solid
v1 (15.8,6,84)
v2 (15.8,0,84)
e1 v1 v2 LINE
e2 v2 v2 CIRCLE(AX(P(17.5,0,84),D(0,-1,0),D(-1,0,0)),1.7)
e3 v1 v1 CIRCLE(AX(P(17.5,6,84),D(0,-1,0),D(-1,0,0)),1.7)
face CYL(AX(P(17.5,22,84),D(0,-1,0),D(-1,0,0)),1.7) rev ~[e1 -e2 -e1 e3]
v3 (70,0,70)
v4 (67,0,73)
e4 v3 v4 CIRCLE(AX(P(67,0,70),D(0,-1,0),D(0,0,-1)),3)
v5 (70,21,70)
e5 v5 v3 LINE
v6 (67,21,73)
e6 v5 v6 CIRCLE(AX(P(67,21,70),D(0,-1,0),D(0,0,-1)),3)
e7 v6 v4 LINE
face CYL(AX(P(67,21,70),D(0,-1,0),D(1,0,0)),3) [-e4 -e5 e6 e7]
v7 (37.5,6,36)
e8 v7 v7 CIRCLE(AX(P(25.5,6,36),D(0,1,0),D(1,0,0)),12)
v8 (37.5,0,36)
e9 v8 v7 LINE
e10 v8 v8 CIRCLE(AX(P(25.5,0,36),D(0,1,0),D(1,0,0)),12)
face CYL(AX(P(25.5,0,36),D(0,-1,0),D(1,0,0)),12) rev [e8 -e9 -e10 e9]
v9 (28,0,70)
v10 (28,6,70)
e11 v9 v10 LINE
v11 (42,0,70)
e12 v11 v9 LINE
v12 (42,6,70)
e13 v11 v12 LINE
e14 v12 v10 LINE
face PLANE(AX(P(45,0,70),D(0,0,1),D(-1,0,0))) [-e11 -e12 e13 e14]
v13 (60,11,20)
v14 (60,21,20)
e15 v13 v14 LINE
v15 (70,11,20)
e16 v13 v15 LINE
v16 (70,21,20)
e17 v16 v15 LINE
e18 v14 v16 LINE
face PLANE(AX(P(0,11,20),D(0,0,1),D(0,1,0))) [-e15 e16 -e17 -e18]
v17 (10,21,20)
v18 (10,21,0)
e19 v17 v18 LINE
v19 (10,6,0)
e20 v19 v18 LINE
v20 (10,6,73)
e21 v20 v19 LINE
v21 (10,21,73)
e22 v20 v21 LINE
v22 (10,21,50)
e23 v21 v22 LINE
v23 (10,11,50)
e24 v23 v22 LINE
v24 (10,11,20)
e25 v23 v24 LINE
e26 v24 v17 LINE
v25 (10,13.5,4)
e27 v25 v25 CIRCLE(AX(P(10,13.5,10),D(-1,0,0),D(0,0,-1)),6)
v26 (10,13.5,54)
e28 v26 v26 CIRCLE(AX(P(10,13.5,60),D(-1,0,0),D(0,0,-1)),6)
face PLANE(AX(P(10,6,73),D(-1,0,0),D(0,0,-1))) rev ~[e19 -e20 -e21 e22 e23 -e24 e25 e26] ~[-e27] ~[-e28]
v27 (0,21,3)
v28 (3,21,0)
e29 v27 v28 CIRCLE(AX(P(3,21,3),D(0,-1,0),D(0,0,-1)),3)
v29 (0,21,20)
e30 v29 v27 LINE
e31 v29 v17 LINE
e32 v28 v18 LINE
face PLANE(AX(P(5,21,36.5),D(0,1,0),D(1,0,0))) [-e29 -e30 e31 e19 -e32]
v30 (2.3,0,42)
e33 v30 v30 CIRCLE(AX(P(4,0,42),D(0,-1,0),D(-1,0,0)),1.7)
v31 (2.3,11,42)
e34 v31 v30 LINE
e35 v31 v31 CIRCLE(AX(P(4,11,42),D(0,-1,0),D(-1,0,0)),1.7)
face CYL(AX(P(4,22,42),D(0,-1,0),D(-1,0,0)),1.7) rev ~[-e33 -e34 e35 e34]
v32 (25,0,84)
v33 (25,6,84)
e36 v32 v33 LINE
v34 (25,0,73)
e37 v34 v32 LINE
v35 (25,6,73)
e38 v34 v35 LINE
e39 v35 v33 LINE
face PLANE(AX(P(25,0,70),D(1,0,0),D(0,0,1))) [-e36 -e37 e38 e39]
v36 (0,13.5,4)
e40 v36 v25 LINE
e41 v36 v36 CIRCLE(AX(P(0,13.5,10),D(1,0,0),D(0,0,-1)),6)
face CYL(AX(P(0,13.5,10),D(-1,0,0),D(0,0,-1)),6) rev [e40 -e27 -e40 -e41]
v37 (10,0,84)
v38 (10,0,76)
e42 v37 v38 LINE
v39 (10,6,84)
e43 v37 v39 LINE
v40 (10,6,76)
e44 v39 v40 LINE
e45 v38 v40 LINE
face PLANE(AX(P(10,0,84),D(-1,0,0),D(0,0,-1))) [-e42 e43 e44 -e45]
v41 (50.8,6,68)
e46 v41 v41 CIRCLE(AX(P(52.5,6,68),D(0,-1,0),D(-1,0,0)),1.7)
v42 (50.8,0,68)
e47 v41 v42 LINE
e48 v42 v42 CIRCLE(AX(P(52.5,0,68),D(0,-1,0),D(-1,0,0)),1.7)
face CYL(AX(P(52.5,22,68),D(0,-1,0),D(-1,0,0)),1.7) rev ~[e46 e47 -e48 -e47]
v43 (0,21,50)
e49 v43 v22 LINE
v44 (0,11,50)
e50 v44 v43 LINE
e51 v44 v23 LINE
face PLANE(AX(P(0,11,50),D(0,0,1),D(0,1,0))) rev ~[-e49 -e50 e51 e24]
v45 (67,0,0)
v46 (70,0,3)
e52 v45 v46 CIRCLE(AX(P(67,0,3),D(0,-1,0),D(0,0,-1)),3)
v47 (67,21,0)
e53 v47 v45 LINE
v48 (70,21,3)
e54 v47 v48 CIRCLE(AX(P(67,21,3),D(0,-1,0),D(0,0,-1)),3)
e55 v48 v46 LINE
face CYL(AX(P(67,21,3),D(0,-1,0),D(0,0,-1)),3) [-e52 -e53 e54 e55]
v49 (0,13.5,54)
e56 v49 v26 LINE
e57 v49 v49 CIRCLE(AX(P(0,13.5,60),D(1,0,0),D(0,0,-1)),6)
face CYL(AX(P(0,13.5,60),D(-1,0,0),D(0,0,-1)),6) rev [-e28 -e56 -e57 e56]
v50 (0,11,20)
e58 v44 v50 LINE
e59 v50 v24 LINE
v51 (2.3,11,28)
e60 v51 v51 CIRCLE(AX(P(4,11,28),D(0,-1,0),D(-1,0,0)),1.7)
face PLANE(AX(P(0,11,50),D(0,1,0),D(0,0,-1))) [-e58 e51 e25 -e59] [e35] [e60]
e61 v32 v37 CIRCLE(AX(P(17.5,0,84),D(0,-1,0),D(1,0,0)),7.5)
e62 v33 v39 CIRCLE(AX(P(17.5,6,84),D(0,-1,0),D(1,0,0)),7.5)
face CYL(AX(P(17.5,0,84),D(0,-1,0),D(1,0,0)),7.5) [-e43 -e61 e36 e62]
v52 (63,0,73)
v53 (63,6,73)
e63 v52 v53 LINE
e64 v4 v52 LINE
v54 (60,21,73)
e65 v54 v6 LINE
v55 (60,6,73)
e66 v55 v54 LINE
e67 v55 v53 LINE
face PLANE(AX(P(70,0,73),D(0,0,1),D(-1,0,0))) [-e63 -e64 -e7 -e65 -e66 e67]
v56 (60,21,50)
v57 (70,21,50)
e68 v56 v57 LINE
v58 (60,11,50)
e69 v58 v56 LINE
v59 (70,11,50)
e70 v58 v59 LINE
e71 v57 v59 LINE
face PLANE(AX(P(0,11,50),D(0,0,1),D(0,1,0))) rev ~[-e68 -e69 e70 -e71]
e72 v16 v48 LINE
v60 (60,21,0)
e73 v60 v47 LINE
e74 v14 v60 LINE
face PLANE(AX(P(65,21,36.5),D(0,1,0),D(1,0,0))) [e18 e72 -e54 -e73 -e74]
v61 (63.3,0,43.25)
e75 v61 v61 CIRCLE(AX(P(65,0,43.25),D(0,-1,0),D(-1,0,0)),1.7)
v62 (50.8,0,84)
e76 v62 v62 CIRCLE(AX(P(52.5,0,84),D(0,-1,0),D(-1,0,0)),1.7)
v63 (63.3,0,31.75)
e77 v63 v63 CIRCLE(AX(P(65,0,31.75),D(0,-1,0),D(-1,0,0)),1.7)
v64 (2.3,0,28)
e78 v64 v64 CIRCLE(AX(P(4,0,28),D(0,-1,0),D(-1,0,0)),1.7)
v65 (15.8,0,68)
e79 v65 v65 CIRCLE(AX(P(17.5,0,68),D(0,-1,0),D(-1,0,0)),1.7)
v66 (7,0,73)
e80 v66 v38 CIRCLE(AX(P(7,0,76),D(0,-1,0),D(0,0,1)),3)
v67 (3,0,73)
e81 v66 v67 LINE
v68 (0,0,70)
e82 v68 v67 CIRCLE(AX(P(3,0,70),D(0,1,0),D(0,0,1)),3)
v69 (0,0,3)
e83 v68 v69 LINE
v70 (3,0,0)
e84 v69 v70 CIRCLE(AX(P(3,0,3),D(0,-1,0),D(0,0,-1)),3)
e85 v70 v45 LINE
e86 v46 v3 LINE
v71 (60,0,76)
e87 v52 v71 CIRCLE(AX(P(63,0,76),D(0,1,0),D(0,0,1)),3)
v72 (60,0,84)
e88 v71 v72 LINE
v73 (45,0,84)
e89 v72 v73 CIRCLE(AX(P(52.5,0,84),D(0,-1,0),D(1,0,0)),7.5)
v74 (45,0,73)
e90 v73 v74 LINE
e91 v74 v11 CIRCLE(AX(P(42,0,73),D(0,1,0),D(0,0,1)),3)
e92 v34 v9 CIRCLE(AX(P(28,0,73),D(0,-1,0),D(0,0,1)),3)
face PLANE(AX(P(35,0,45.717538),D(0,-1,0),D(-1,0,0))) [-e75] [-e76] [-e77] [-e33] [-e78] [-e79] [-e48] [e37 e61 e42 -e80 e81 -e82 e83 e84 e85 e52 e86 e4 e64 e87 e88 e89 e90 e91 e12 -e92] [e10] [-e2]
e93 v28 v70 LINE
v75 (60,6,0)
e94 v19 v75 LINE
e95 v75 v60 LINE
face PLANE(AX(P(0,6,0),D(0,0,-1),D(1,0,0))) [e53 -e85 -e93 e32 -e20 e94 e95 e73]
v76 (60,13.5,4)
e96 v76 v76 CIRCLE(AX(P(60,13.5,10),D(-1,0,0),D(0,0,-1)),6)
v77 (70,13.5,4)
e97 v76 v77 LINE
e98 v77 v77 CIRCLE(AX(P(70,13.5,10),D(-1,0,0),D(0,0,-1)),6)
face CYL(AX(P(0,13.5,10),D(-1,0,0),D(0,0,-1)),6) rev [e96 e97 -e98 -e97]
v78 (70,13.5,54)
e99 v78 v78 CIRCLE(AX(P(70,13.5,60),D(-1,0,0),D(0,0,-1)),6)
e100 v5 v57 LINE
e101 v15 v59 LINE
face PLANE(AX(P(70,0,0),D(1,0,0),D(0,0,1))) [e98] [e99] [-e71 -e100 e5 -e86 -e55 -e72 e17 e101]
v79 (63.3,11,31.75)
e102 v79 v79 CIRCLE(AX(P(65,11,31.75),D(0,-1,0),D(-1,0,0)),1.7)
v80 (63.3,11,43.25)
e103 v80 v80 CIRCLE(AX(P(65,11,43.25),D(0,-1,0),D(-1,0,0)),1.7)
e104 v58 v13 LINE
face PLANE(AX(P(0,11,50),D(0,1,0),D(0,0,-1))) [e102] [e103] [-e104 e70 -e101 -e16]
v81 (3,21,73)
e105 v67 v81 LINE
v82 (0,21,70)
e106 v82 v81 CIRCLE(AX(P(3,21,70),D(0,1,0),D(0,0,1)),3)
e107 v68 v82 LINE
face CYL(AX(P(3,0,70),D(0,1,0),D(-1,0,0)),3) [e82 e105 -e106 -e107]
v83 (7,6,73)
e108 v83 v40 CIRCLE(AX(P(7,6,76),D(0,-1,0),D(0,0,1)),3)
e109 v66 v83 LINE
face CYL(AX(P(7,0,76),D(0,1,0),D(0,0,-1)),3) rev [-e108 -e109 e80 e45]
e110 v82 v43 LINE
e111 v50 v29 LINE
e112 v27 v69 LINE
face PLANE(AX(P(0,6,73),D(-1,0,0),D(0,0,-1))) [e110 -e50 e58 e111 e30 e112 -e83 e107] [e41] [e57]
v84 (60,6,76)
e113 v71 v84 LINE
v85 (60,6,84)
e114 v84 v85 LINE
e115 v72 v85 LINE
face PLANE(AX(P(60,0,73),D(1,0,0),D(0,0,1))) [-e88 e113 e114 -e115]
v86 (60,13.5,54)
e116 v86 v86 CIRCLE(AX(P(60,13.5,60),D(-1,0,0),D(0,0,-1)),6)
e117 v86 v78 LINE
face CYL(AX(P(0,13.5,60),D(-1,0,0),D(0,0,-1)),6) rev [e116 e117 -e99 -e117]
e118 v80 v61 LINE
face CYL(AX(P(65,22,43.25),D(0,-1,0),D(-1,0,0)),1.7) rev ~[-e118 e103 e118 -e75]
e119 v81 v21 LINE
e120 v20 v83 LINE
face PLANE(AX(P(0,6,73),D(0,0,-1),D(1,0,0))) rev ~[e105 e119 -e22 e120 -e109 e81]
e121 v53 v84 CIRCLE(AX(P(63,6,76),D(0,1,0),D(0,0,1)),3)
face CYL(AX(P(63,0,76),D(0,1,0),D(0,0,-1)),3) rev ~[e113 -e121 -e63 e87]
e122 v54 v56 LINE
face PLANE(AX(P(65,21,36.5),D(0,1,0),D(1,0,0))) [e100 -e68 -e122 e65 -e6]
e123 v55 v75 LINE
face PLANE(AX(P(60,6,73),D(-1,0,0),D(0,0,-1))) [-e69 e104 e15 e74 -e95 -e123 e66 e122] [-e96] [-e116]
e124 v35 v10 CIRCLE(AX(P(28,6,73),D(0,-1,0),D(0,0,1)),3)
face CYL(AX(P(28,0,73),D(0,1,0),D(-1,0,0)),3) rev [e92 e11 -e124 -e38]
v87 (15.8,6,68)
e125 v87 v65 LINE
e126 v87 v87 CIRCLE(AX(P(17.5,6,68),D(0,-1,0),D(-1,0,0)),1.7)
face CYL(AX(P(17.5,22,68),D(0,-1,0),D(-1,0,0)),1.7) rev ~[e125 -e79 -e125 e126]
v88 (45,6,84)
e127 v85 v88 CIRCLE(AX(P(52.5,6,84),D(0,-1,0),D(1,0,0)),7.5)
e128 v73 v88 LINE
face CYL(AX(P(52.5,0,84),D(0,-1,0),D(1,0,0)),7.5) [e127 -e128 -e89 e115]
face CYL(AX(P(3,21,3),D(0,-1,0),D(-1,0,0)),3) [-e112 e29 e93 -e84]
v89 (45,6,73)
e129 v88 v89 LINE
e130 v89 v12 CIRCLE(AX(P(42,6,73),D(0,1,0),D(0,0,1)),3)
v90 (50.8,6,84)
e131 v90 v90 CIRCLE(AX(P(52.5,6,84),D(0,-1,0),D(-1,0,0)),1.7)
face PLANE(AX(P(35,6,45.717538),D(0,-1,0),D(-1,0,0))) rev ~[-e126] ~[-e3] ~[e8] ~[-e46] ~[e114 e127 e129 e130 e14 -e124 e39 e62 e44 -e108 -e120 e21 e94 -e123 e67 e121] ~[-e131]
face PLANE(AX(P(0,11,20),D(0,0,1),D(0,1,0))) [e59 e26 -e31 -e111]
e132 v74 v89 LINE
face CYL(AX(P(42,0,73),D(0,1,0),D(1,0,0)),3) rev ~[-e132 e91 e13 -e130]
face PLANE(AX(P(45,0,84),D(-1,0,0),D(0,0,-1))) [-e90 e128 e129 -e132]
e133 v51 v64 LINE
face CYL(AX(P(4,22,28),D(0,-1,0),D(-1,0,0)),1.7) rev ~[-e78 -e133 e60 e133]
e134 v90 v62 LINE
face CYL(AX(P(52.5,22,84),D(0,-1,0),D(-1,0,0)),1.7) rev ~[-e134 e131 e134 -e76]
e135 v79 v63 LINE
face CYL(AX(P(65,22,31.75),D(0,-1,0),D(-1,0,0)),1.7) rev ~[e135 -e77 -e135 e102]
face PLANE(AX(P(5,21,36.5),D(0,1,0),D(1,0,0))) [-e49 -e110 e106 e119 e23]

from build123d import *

# Parameters (mm, degrees)
ESQUISSE1_R             = 12
BOSS_EXTRU_1_DEPTH      = 6
ESQUISSE3_W             = 10
ESQUISSE3_H             = 73
BOSS_EXTRU_2_DEPTH      = 15
ESQUISSE4_R             = 6
ESQUISSE4_W             = 30
ESQUISSE4_H             = 10
ENL_V_MAT_EXTRU_1_DEPTH = 71
D_GAGEMENT_M32_D        = 3.4
D_GAGEMENT_M32_DEPTH    = 11
CONG_2_R                = 3


with BuildPart() as part:
    # Esquisse1 → Boss.-Extru.1 (new body)
    with BuildSketch(Plane(origin=(0, 0, 0), x_dir=(1, 0, 0), z_dir=(0, 1, 0))):
        with BuildLine():
            Line((0, 0), (70, 0))
            Line((70, 0), (70, -73))
            Line((70, -73), (60, -73))
            Line((60, -73), (60, -84))
            ThreePointArc((60, -84), (52.5, -91.5), (45, -84))
            Line((45, -84), (45, -70))
            Line((45, -70), (25, -70))
            Line((25, -70), (25, -84))
            ThreePointArc((25, -84), (17.5, -91.5), (10, -84))
            Line((10, -84), (10, -73))
            Line((10, -73), (0, -73))
            Line((0, -73), (0, 0))
        make_face()
        with Locations((25.5, -36)):
            Circle(ESQUISSE1_R, mode=Mode.SUBTRACT)
    extrude(amount=BOSS_EXTRU_1_DEPTH)

    # Esquisse3 → Boss.-Extru.2 (add)
    with BuildSketch(Plane(origin=(0, 6, 0), x_dir=(1, 0, 0), z_dir=(0, 1, 0))):
        with Locations((5, -36.5)):
            Rectangle(ESQUISSE3_W, ESQUISSE3_H)
        with Locations((65, -36.5)):
            Rectangle(ESQUISSE3_W, ESQUISSE3_H)
    extrude(amount=BOSS_EXTRU_2_DEPTH)

    # Esquisse4 → Enlèv. mat.-Extru.1 (cut, through all)
    with BuildSketch(Plane(origin=(0, 0, 0), x_dir=(0, 0, -1), z_dir=(1, 0, 0))):
        with Locations((-60, 13.5)):
            Circle(ESQUISSE4_R)
        with Locations((-10, 13.5)):
            Circle(ESQUISSE4_R)
        with Locations((-35, 16)):
            Rectangle(ESQUISSE4_W, ESQUISSE4_H)
    extrude(amount=ENL_V_MAT_EXTRU_1_DEPTH, mode=Mode.SUBTRACT)

    # Dégagement M32
    with Locations(Plane(origin=(0, 11, 0), x_dir=(1, 0, 0), z_dir=(0, 1, 0))):
        with Locations((4, -28), (4, -42), (17.5, -84), (52.5, -84), (17.5, -68), (52.5, -68), (65, -31.75), (65, -43.25)):
            Hole(D_GAGEMENT_M32_D / 2, depth=D_GAGEMENT_M32_DEPTH)

    # Congé2
    cong_2_edges = [part.edges().sort_by_distance(p)[0] for p in [
        (0, 10.5, 0),
        (70, 10.5, 0),
        (70, 10.5, 73),
        (60, 3, 73),
        (45, 3, 70),
        (25, 3, 70),
        (10, 3, 73),
        (0, 10.5, 73),
    ]]
    fillet(cong_2_edges, radius=CONG_2_R)


solid = part.part
